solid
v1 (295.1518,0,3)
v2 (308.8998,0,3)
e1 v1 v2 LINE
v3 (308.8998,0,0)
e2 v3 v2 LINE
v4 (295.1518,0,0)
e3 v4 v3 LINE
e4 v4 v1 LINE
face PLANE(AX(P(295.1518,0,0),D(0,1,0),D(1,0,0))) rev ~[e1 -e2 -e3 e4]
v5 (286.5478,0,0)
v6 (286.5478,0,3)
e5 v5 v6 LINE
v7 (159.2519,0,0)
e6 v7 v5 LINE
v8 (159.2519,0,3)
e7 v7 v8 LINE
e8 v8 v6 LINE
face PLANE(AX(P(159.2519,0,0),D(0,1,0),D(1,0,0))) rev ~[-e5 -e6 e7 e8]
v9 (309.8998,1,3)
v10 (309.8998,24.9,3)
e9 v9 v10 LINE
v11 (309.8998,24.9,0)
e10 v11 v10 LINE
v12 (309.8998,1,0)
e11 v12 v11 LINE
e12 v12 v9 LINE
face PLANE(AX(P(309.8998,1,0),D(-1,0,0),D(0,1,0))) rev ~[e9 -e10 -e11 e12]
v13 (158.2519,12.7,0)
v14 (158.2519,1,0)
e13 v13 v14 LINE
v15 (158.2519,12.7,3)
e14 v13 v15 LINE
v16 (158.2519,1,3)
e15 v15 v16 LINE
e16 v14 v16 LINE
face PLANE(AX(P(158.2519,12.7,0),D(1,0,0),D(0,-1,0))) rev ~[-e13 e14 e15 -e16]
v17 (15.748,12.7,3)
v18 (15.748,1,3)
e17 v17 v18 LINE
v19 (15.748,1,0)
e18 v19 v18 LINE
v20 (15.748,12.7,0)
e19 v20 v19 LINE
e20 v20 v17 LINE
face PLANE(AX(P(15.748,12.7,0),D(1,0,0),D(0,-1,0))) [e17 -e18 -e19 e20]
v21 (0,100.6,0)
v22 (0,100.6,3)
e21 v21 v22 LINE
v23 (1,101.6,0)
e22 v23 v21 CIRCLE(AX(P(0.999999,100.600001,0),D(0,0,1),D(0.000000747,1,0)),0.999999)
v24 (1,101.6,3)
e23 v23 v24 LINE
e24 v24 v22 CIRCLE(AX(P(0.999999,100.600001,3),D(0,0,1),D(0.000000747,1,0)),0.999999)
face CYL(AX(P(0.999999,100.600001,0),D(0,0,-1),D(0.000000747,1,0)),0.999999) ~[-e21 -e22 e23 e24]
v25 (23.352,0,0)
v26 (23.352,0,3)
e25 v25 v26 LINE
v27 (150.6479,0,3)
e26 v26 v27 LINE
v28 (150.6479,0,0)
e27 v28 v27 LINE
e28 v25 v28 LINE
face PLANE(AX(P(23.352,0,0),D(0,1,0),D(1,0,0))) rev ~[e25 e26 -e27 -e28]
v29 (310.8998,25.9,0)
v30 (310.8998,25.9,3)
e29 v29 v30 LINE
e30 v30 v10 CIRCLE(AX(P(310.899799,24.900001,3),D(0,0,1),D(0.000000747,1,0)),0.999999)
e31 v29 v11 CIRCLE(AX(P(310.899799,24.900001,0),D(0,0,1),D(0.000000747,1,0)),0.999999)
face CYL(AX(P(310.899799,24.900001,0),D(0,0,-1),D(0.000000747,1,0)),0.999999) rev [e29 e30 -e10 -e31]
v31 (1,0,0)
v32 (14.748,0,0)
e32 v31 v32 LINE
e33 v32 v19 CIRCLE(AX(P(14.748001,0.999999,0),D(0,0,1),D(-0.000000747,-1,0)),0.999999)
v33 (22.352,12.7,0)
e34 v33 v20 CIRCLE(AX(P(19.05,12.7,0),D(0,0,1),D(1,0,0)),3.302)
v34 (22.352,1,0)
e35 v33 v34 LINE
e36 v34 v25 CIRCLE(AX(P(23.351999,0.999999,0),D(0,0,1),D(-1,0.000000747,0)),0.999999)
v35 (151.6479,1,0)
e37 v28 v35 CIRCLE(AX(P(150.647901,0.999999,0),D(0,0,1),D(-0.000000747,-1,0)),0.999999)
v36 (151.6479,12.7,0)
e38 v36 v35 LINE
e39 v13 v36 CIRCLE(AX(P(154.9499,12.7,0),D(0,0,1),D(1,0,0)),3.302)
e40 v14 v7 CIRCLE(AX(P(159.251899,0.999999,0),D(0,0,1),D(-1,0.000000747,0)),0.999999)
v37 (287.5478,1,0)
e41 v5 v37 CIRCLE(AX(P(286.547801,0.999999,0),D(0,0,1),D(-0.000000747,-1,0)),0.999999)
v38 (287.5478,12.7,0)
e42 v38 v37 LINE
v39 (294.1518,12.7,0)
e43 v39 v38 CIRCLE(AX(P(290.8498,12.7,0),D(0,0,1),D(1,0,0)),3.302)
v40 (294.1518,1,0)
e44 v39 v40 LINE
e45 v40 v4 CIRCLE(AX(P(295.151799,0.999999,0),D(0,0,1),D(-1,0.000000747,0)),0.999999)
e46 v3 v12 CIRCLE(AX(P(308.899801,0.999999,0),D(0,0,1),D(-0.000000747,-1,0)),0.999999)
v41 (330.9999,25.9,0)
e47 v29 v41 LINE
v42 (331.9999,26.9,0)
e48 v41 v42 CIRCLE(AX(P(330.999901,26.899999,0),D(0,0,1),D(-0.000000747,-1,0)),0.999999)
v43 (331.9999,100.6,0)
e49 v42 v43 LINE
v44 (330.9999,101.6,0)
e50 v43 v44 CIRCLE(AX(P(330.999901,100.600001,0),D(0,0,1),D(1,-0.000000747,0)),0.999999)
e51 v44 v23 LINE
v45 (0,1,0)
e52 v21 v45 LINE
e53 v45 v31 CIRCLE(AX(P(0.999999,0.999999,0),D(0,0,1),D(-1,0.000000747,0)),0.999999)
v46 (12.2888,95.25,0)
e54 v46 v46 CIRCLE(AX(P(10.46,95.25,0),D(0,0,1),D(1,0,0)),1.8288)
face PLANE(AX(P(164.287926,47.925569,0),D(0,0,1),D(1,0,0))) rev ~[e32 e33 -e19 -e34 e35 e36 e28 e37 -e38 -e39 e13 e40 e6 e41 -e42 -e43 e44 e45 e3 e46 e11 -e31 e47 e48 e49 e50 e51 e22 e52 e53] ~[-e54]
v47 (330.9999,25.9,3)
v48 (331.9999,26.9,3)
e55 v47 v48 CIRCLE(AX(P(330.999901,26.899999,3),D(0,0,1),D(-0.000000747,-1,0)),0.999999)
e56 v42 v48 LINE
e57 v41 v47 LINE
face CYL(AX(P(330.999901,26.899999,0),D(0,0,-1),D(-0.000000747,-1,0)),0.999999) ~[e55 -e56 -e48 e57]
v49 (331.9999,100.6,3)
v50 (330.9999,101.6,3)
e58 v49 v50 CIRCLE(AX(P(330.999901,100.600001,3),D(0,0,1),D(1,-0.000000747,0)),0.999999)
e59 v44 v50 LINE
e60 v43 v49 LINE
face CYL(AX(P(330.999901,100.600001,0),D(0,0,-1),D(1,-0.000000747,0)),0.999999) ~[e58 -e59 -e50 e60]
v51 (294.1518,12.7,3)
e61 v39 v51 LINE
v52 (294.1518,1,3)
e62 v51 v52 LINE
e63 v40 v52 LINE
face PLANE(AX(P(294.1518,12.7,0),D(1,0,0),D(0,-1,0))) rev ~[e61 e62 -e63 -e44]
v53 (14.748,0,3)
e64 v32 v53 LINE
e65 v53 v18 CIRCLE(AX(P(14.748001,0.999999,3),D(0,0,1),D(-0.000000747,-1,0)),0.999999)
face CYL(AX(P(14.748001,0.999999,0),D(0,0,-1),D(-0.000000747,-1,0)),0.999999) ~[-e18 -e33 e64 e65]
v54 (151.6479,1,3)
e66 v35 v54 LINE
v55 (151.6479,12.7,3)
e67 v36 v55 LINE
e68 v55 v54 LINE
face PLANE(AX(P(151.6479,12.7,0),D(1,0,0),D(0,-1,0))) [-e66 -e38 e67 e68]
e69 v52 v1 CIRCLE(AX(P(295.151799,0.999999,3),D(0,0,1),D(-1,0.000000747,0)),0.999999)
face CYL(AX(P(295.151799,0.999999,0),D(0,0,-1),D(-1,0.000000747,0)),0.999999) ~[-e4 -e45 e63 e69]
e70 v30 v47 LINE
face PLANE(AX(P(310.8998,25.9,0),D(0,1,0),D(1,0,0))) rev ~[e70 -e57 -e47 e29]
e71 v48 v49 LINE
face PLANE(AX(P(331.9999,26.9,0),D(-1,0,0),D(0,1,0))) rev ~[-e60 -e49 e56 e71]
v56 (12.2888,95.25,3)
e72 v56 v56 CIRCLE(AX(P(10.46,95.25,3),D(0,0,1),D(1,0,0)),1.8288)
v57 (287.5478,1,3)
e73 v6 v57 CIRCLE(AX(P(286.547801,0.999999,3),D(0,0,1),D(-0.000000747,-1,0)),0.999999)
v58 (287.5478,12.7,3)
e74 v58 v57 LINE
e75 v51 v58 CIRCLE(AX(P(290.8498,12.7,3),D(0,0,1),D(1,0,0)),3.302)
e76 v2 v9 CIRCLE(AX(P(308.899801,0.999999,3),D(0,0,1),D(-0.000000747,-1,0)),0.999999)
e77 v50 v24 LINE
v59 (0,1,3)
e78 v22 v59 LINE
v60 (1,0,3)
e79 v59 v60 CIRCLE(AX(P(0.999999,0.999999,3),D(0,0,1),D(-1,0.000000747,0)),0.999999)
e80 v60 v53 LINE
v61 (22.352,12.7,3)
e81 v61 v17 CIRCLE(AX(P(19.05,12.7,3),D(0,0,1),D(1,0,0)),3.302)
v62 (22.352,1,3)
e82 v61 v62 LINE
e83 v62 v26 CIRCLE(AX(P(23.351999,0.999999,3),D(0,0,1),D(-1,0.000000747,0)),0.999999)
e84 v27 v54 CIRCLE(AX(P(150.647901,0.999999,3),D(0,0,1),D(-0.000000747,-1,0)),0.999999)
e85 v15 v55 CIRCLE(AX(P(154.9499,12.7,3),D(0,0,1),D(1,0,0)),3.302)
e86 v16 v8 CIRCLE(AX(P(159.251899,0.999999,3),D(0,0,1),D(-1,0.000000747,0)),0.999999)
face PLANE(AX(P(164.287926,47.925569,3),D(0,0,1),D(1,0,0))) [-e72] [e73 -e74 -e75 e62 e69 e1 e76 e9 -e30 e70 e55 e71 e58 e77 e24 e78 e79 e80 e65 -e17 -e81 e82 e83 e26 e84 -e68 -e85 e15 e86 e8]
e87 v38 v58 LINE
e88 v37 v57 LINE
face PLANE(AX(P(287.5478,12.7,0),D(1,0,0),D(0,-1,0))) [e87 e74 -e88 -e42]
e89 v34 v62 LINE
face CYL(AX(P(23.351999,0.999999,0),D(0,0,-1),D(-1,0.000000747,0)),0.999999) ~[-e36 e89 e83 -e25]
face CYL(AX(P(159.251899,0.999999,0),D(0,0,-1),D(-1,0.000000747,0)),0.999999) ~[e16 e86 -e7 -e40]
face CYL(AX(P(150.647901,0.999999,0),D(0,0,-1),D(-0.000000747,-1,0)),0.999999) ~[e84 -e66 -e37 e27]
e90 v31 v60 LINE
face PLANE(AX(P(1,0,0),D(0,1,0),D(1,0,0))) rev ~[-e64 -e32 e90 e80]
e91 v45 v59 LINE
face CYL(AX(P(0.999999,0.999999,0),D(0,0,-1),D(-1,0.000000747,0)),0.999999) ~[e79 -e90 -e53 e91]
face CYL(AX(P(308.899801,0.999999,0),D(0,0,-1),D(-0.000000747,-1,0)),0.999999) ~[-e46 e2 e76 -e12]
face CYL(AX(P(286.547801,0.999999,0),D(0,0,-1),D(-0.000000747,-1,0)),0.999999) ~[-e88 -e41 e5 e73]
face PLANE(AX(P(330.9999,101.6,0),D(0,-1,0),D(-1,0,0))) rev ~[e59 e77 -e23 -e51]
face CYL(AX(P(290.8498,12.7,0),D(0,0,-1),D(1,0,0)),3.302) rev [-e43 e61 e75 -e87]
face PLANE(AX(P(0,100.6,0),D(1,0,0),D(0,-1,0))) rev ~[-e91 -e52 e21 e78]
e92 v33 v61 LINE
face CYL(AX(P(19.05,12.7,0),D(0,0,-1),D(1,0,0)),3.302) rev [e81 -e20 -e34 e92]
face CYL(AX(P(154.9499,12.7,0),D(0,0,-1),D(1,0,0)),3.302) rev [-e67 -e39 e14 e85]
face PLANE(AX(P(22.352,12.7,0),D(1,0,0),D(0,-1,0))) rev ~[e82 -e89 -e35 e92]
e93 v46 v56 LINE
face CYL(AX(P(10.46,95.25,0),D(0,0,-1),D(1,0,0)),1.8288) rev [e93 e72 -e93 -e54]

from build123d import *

# Parameters (mm, degrees)
SKETCH_R  = 1.8288
PAD_DEPTH = 3


with BuildPart() as part:
    # Sketch → Pad (new body)
    with BuildSketch(Plane.XY):
        with BuildLine():
            Line((0, 100.6), (0, 1))
            ThreePointArc((0, 1), (0.292893, 0.292893), (1, 0))
            Line((1, 0), (14.748, 0))
            ThreePointArc((14.748, 0), (15.455107, 0.292893), (15.748, 1))
            Line((15.748, 12.7), (15.748, 1))
            ThreePointArc((22.352, 12.7), (19.05, 16.002), (15.748, 12.7))
            Line((22.352, 12.7), (22.352, 1))
            ThreePointArc((22.352, 1), (22.644893, 0.292893), (23.352, 0))
            Line((23.352, 0), (150.6479, 0))
            ThreePointArc((150.6479, 0), (151.355007, 0.292893), (151.6479, 1))
            Line((151.6479, 12.7), (151.6479, 1))
            ThreePointArc((158.2519, 12.7), (154.9499, 16.002), (151.6479, 12.7))
            Line((158.2519, 12.7), (158.2519, 1))
            ThreePointArc((158.2519, 1), (158.544793, 0.292893), (159.2519, 0))
            Line((159.2519, 0), (286.5478, 0))
            ThreePointArc((286.5478, 0), (287.254907, 0.292893), (287.5478, 1))
            Line((287.5478, 12.7), (287.5478, 1))
            ThreePointArc((294.1518, 12.7), (290.8498, 16.002), (287.5478, 12.7))
            Line((294.1518, 12.7), (294.1518, 1))
            ThreePointArc((294.1518, 1), (294.444693, 0.292893), (295.1518, 0))
            Line((295.1518, 0), (308.8998, 0))
            ThreePointArc((308.8998, 0), (309.606907, 0.292893), (309.8998, 1))
            Line((309.8998, 1), (309.8998, 24.9))
            ThreePointArc((310.8998, 25.9), (310.192693, 25.607107), (309.8998, 24.9))
            Line((310.8998, 25.9), (330.9999, 25.9))
            ThreePointArc((330.9999, 25.9), (331.707007, 26.192893), (331.9999, 26.9))
            Line((331.9999, 26.9), (331.9999, 100.6))
            ThreePointArc((331.9999, 100.6), (331.707007, 101.307107), (330.9999, 101.6))
            Line((330.9999, 101.6), (1, 101.6))
            ThreePointArc((1, 101.6), (0.292893, 101.307107), (0, 100.6))
        make_face()
        with Locations((10.46, 95.25)):
            Circle(SKETCH_R, mode=Mode.SUBTRACT)
    extrude(amount=PAD_DEPTH)


solid = part.part
